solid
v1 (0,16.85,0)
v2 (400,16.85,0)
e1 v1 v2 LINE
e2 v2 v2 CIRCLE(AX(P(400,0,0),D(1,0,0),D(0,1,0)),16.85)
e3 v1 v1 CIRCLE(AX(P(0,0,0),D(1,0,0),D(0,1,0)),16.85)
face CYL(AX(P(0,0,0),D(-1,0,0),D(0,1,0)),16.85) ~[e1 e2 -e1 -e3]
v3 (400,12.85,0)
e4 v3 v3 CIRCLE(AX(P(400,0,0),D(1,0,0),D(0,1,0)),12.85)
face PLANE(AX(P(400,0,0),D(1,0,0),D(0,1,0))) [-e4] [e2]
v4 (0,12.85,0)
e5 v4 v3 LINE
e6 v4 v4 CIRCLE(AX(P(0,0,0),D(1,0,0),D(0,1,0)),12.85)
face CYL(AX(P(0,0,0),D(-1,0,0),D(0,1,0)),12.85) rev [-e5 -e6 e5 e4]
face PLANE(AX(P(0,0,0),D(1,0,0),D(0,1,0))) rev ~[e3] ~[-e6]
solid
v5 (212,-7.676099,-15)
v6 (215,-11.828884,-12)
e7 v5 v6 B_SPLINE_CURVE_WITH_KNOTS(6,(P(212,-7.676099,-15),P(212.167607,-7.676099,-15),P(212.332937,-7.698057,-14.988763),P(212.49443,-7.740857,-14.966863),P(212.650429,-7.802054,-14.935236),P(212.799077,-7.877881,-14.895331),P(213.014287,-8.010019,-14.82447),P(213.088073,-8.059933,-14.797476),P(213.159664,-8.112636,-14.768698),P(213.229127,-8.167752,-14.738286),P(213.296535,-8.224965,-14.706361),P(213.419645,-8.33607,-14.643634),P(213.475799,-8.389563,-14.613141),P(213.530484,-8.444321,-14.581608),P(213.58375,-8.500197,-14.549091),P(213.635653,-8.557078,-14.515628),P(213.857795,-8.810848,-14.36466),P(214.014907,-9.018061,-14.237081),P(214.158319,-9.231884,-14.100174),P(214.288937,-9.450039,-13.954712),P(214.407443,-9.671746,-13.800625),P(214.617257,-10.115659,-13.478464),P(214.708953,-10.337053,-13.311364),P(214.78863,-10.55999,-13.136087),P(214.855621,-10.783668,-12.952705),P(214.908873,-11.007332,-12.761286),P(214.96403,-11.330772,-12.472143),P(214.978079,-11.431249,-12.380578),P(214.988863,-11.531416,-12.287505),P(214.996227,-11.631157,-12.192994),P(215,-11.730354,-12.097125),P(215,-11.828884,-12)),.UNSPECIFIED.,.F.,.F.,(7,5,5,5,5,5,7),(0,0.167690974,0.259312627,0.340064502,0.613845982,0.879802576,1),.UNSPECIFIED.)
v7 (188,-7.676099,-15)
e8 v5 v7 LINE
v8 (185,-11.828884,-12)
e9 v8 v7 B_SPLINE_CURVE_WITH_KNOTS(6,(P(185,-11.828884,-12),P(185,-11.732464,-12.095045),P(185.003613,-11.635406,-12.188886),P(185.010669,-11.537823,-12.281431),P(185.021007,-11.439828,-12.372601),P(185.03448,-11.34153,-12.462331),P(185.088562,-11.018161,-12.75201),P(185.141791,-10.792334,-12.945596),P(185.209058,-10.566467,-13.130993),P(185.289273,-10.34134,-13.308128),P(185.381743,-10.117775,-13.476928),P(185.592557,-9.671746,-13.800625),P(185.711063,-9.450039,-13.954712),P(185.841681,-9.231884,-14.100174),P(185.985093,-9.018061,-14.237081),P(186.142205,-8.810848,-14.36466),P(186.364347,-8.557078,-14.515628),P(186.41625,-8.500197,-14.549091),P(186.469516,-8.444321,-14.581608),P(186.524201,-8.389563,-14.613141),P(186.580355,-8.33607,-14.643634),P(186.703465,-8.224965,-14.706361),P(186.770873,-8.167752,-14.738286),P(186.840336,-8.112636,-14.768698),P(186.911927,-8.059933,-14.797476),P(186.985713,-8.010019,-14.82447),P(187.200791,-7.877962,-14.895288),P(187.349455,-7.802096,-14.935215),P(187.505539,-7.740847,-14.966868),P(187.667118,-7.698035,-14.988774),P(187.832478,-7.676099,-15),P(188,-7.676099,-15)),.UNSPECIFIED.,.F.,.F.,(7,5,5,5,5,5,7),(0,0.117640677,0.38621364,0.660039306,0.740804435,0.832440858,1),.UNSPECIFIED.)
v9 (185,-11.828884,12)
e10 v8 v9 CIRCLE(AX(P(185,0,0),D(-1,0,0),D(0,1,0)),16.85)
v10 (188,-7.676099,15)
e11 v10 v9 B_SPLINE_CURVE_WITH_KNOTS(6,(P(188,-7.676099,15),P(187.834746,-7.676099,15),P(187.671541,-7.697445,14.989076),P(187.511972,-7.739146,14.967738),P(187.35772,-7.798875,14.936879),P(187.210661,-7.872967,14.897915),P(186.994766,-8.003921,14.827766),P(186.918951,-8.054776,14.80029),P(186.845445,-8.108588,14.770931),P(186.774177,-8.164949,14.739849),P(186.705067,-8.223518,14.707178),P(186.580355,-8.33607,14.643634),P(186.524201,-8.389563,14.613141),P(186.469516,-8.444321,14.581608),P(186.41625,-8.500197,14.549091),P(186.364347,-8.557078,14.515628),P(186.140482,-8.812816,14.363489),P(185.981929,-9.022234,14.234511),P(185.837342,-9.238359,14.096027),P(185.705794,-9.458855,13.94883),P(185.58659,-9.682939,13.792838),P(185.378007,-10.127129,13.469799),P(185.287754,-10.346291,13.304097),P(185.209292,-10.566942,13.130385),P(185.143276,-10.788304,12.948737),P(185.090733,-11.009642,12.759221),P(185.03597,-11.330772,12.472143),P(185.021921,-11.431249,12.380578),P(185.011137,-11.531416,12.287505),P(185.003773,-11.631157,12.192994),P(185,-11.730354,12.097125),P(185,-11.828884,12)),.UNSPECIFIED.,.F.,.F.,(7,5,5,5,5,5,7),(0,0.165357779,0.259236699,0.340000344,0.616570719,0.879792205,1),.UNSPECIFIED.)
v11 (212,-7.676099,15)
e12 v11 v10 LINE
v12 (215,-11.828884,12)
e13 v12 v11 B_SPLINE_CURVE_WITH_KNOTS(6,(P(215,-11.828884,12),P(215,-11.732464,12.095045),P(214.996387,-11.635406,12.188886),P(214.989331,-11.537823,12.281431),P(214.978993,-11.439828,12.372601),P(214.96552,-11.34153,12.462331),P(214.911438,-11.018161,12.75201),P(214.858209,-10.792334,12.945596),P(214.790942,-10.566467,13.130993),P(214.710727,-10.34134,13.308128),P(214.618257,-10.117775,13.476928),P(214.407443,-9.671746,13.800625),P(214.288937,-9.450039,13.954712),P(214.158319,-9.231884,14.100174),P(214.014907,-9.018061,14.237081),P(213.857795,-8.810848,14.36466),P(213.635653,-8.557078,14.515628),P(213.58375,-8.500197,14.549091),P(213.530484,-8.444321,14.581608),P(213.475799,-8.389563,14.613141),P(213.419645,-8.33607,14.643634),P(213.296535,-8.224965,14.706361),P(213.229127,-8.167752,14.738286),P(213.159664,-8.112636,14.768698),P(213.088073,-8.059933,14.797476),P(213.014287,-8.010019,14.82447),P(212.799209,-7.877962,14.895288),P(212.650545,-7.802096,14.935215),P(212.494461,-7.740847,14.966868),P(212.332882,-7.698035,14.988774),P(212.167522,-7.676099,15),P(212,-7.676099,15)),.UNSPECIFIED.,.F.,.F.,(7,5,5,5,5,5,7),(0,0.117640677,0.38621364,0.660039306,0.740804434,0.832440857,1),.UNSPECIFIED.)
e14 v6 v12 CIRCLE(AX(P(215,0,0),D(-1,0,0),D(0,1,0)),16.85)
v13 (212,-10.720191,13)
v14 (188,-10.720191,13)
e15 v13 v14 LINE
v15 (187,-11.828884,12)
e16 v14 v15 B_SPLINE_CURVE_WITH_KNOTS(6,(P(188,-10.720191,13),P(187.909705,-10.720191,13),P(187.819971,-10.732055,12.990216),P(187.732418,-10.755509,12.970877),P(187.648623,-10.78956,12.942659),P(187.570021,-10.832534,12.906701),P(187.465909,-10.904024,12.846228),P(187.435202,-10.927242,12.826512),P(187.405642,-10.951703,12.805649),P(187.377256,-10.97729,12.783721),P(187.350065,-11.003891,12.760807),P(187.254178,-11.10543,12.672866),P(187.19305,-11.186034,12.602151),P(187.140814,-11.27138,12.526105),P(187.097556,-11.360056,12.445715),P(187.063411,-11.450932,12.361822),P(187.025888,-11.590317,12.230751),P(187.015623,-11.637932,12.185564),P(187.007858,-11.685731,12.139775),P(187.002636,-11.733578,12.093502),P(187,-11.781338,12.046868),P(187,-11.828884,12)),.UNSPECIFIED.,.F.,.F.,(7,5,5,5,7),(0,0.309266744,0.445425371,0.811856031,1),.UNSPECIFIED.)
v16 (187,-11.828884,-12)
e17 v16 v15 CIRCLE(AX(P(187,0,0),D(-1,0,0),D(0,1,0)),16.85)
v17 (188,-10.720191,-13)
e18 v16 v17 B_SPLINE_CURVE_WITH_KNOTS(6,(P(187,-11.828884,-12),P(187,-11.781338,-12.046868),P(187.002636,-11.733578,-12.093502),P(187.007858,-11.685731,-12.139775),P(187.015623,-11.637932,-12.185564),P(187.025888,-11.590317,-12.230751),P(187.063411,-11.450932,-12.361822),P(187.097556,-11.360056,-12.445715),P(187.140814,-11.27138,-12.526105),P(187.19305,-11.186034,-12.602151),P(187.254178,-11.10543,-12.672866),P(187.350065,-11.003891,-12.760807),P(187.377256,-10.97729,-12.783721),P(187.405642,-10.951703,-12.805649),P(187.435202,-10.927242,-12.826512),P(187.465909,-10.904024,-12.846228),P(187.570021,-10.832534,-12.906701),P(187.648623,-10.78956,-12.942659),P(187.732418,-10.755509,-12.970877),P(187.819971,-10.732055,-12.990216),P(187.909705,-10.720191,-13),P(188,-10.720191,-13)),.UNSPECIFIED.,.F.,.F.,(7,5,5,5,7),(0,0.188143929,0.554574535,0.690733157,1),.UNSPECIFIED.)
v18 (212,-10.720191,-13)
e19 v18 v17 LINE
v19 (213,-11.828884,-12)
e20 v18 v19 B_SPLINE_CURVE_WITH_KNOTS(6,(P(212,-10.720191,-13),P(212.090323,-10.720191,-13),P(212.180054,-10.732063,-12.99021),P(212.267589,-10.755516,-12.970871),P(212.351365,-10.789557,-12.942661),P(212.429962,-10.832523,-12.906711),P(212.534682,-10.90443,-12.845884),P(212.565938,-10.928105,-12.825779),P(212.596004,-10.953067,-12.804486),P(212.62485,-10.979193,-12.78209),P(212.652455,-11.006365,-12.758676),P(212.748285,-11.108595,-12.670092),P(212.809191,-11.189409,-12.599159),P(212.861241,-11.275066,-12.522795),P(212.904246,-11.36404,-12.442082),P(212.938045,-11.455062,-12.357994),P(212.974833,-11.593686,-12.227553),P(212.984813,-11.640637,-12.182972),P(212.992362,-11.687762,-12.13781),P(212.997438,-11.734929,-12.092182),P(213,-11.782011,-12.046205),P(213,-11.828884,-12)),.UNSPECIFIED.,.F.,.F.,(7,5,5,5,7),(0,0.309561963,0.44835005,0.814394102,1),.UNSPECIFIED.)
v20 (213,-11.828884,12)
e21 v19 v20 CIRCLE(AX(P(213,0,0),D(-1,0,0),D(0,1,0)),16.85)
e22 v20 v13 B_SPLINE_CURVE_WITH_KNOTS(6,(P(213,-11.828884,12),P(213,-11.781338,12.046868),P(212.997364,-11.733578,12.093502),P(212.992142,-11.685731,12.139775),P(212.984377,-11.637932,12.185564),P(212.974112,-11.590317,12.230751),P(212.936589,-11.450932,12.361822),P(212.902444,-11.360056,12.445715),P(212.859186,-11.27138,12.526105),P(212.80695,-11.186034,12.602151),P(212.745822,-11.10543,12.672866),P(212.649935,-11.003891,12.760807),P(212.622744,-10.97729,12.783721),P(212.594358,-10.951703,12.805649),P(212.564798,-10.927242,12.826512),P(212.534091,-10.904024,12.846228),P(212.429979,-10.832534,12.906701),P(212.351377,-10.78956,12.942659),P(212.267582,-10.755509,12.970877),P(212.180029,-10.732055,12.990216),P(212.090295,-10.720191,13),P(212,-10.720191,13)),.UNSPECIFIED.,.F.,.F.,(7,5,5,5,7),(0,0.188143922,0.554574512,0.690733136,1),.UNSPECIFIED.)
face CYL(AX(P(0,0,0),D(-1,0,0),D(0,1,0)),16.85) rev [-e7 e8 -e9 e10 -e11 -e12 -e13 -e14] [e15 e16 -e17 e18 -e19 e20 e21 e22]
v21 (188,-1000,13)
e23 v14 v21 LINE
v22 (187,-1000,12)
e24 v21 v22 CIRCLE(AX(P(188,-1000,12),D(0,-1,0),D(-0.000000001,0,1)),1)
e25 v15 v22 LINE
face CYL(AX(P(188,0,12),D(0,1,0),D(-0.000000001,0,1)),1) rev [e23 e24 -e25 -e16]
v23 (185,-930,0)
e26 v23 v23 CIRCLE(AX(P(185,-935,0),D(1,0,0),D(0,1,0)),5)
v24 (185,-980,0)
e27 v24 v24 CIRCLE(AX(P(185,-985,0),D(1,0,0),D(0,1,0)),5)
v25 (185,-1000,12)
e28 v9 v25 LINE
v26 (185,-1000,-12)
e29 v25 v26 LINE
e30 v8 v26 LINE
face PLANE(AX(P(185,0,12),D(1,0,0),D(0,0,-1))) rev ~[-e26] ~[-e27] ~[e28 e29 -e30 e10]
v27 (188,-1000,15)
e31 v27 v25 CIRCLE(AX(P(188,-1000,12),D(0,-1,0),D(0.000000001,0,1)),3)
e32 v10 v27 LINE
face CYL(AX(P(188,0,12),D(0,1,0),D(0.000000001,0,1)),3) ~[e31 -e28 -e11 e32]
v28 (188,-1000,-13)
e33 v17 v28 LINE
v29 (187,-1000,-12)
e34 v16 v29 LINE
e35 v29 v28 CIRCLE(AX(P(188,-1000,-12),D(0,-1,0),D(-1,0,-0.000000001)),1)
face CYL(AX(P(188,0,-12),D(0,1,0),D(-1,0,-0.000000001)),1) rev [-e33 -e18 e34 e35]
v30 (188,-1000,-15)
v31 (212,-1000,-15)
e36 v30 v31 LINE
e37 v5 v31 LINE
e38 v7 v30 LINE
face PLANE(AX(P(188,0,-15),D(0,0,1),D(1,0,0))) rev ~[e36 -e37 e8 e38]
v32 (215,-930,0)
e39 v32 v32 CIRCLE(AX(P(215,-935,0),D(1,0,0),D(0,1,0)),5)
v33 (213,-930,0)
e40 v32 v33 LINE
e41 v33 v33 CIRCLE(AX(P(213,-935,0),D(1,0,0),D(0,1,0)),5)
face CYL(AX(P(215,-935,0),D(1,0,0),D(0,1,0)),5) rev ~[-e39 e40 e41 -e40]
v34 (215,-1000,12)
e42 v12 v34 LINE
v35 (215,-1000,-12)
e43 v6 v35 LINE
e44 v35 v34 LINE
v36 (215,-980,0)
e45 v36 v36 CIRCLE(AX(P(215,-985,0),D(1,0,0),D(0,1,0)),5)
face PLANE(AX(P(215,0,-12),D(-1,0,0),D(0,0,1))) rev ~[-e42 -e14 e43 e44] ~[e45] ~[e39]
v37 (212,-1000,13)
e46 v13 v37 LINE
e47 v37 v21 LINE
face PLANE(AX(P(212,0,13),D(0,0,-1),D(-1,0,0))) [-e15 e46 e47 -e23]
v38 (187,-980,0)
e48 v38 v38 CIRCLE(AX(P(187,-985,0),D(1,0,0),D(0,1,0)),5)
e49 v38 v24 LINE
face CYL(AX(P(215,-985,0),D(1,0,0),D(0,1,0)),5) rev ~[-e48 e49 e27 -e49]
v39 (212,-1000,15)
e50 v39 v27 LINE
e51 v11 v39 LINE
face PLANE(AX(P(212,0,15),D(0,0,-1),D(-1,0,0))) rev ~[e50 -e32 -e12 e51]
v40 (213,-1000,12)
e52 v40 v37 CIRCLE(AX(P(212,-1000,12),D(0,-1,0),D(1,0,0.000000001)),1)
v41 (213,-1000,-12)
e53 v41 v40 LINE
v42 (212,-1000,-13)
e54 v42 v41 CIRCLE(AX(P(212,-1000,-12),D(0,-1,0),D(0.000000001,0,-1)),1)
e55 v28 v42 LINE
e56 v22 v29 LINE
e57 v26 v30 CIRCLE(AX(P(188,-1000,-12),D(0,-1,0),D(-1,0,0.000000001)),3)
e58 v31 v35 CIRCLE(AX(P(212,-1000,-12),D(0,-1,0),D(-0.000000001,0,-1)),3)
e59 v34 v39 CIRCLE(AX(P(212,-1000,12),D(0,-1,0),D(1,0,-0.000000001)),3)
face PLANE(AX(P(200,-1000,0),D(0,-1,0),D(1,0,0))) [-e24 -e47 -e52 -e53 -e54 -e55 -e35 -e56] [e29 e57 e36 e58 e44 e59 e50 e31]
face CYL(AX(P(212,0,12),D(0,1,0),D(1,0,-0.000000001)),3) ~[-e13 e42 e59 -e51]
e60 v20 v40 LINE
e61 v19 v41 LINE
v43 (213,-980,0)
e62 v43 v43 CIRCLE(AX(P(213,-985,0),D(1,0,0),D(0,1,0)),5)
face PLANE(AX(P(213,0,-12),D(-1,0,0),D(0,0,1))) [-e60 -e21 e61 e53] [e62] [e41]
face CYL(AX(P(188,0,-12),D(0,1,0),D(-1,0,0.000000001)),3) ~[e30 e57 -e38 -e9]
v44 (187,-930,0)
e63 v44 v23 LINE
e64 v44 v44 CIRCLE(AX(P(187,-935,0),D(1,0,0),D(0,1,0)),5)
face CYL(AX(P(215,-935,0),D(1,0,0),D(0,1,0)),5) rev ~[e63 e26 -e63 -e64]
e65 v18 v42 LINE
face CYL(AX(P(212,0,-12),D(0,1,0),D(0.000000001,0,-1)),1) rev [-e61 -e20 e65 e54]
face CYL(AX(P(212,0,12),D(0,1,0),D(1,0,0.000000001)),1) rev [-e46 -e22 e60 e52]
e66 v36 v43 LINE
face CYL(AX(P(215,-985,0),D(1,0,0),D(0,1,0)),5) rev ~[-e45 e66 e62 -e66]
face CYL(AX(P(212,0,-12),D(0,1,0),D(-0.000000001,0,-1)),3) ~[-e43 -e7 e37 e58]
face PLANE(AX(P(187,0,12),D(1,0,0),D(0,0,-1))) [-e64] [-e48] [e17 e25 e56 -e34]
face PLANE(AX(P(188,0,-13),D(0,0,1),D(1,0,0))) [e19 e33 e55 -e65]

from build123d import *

# Parameters (mm, degrees)
SQUARE_TUBE_CONFIGURED_40_X_40_X_4_1_DEPTH = 1000
SKETCH11_R                                 = 16.85
SKETCH11_R_2                               = 12.85
PIPE_CONFIGURED_33_7_X_4_0_2_DEPTH         = 400
ESBO_O5_R                                  = 5
CORTE_EXTRUS_O1_DEPTH                      = 1023.990187001


with BuildPart() as part:
    # Sketch12 → Square tube - configured 40 X 40 X 4(1) (new body)
    with BuildSketch(Plane(origin=(200, 0, 0), x_dir=(1, 0, 0), z_dir=(0, -1, 0))):
        with BuildLine():
            Line((-12, -15), (12, -15))
            ThreePointArc((12, -15), (14.121320344, -14.121320344), (15, -12))
            Line((15, -12), (15, 12))
            ThreePointArc((15, 12), (14.121320344, 14.121320344), (12, 15))
            Line((12, 15), (-12, 15))
            ThreePointArc((-12, 15), (-14.121320344, 14.121320344), (-15, 12))
            Line((-15, 12), (-15, -12))
            ThreePointArc((-15, -12), (-14.121320344, -14.121320344), (-12, -15))
        make_face()
        with BuildLine():
            Line((-12, -13), (12, -13))
            ThreePointArc((12, -13), (12.707106781, -12.707106781), (13, -12))
            Line((13, -12), (13, 12))
            ThreePointArc((13, 12), (12.707106781, 12.707106781), (12, 13))
            Line((12, 13), (-12, 13))
            ThreePointArc((-12, 13), (-12.707106781, 12.707106781), (-13, 12))
            Line((-13, 12), (-13, -12))
            ThreePointArc((-13, -12), (-12.707106781, -12.707106781), (-12, -13))
        make_face(mode=Mode.SUBTRACT)
    extrude(amount=SQUARE_TUBE_CONFIGURED_40_X_40_X_4_1_DEPTH)


with BuildPart() as body_2:
    # Sketch11 → Pipe - configured 33.7 X 4.0(2) (new body)
    with BuildSketch(Plane.YZ):
        Circle(SKETCH11_R)
        Circle(SKETCH11_R_2, mode=Mode.SUBTRACT)
    extrude(amount=PIPE_CONFIGURED_33_7_X_4_0_2_DEPTH)


with BuildPart() as part_1:
    add(part.part)

    # Aparar/Estender1: cut back where it meets the other member's skin (coped)
    split(bisect_by=body_2.part.faces().sort_by_distance((200, -16.85, 0))[0], keep=Keep.TOP)

    # Esboço5 → Corte-extrusão1 (cut, through all)
    with BuildSketch(Plane(origin=(215, 0, 0), x_dir=(0, 0, -1), z_dir=(1, 0, 0))):
        with Locations(Location((0, -985, 0), (0, 0, 90))):
            Circle(ESBO_O5_R)
        with Locations(Location((0, -935, 0), (0, 0, 90))):
            Circle(ESBO_O5_R)
    extrude(amount=-CORTE_EXTRUS_O1_DEPTH, mode=Mode.SUBTRACT)


solid = Compound([body_2.part, part_1.part])
